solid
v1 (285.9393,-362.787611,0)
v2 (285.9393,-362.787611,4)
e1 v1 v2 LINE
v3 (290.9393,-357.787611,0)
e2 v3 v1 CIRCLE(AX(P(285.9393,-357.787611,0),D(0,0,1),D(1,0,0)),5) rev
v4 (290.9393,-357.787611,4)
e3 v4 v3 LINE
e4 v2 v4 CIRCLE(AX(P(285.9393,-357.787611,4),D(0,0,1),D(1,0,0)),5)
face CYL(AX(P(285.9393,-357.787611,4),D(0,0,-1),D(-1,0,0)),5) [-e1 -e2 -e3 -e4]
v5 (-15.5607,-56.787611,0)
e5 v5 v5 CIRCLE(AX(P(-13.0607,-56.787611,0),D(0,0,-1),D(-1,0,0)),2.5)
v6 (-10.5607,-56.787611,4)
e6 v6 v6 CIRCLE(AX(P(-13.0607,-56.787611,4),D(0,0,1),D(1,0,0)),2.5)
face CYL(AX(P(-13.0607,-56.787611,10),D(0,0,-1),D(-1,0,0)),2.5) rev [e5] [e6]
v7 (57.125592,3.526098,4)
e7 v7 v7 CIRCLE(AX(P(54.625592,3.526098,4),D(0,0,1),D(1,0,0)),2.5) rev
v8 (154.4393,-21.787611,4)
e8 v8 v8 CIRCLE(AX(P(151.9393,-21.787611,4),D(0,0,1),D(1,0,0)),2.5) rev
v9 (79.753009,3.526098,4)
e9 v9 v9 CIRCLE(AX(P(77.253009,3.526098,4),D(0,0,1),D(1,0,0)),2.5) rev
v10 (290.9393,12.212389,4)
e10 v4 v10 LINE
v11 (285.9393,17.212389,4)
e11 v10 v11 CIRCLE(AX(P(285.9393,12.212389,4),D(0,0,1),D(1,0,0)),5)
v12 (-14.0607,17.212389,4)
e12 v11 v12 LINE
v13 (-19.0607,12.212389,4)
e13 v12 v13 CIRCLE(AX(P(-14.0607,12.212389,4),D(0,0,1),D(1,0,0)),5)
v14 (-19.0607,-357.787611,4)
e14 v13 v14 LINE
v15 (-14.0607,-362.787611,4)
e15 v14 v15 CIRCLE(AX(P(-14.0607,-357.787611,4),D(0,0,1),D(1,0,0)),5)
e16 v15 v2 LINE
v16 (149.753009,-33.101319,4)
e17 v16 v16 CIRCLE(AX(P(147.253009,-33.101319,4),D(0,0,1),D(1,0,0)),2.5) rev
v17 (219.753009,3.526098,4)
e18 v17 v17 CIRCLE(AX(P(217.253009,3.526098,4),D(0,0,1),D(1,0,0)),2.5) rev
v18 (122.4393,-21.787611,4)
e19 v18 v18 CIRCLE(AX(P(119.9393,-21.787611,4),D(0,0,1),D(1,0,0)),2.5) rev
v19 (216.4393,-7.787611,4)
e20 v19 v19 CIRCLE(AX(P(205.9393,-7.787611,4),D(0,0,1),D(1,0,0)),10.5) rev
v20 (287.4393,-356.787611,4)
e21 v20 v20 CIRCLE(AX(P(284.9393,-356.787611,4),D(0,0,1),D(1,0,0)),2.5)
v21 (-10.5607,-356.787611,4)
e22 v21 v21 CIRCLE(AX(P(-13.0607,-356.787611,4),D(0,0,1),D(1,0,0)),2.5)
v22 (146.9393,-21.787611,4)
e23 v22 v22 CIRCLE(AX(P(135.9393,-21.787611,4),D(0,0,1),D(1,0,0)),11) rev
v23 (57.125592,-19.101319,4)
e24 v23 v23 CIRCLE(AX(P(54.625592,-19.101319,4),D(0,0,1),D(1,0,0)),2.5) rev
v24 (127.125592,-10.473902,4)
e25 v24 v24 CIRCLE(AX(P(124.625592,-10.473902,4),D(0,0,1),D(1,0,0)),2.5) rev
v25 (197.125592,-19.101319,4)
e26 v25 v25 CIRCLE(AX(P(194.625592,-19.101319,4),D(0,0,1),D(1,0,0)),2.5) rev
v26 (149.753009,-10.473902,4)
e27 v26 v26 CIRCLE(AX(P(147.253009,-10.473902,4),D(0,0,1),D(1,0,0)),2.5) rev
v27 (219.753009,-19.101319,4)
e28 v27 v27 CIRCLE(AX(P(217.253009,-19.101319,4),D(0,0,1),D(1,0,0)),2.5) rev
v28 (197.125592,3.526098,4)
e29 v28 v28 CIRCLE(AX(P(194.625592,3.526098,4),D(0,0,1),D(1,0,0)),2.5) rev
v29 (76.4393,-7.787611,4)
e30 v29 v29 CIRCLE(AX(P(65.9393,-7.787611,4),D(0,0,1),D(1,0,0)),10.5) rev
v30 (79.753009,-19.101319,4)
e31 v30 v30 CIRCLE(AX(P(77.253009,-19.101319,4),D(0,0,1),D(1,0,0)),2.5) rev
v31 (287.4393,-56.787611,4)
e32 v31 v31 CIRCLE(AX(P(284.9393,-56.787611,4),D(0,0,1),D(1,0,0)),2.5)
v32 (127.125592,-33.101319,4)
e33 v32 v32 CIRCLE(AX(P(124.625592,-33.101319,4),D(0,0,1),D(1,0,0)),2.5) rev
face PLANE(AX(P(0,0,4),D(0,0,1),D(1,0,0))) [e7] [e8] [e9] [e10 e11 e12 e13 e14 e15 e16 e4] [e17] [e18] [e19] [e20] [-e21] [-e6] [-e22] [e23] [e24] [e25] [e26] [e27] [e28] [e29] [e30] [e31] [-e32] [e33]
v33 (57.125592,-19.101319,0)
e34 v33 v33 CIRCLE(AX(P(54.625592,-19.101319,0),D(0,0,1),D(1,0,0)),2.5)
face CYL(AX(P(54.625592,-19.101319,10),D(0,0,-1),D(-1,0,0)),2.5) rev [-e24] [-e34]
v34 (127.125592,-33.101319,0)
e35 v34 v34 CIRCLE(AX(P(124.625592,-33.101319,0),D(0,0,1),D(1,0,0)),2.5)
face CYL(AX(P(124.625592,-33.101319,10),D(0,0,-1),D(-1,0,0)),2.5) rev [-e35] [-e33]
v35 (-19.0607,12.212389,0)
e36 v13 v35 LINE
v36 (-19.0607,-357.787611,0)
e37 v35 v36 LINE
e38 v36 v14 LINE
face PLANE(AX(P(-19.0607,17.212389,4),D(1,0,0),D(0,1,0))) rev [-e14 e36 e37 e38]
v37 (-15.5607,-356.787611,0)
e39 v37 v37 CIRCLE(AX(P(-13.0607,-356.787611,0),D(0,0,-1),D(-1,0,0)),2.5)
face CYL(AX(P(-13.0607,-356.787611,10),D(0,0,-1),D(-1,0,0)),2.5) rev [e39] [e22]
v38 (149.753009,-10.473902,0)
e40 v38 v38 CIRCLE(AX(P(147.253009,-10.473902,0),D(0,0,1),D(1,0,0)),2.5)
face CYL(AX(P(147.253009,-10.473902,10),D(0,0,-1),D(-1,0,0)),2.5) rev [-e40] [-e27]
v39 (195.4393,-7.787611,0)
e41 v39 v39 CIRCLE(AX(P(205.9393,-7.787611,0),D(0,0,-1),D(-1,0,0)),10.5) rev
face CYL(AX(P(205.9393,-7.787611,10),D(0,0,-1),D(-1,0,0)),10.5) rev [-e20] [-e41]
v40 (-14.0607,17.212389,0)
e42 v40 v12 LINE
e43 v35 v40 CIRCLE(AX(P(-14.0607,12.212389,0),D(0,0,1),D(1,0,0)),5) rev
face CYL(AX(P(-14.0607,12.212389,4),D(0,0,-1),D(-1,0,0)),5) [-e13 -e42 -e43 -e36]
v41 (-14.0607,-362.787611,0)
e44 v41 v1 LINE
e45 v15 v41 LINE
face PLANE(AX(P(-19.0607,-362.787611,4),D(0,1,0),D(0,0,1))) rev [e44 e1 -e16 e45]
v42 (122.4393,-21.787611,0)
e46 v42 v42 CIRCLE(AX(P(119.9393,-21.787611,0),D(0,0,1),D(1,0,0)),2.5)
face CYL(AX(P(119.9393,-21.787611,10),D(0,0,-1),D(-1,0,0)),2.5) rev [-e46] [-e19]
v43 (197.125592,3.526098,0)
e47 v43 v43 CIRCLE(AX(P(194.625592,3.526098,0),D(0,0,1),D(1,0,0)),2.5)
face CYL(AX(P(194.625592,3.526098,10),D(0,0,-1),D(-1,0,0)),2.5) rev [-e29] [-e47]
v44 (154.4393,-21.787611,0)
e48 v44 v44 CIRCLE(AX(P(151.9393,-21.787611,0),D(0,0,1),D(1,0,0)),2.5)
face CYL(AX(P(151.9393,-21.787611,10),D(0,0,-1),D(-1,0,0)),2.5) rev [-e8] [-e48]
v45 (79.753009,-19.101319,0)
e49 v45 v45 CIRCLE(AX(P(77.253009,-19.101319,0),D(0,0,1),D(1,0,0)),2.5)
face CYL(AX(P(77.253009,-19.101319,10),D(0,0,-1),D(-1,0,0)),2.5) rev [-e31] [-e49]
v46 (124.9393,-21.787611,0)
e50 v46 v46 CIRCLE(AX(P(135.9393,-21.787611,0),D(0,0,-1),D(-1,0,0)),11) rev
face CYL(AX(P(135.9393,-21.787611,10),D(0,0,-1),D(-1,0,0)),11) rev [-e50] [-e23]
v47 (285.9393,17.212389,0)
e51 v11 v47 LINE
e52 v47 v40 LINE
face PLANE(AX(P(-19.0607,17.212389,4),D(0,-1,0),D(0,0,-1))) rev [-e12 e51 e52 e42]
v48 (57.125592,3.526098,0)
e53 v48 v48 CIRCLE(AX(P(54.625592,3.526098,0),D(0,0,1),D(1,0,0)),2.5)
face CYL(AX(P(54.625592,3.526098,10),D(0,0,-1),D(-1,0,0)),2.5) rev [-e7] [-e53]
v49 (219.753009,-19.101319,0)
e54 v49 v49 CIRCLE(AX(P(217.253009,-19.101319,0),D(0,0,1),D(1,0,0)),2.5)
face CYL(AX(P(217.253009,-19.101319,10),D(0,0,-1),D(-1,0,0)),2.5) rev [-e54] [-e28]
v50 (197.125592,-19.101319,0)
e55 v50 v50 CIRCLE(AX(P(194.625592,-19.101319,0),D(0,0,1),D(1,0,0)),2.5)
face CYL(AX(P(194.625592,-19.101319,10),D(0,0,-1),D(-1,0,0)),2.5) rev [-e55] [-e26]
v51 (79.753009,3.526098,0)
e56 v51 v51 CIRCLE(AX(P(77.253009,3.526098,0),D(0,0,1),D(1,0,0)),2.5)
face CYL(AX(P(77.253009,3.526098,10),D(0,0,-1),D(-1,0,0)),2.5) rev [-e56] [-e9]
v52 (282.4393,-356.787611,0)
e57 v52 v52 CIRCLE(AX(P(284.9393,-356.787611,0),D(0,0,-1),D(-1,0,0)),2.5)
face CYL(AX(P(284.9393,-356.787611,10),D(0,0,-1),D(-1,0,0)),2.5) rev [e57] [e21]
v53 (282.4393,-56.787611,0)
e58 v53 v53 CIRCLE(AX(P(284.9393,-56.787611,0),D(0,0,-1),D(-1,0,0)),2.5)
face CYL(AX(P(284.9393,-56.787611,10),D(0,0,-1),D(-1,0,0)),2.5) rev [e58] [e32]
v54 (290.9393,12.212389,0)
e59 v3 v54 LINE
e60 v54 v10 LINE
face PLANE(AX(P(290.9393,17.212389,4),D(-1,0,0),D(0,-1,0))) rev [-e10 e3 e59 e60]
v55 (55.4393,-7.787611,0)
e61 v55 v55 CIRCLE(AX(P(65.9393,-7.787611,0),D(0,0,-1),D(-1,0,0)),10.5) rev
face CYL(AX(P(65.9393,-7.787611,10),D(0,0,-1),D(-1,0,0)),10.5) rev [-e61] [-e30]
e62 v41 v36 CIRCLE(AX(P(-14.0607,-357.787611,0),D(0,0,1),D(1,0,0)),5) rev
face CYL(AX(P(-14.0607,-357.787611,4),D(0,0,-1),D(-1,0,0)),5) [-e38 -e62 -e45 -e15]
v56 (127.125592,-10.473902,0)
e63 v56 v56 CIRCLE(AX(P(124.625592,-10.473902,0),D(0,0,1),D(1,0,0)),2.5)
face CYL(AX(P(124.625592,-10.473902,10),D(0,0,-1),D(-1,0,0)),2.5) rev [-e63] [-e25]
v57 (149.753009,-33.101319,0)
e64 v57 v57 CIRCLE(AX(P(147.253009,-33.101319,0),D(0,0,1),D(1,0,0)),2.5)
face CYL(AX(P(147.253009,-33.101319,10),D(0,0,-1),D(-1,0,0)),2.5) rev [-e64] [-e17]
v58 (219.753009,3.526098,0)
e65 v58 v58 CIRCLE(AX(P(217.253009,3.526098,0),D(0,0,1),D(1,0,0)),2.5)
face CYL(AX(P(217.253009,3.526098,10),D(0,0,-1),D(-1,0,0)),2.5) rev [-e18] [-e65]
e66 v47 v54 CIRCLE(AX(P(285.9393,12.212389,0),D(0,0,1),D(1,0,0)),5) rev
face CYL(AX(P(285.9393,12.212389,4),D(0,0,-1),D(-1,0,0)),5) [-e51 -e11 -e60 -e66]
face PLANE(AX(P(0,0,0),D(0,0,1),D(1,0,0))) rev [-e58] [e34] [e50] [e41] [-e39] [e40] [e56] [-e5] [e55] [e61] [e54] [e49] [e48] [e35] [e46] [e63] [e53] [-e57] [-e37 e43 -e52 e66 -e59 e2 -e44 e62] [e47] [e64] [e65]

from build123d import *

# Parameters (mm, degrees)
ESQUISSE1_W             = 310
ESQUISSE1_H             = 380
BOSS_EXTRU_1_DEPTH      = 4
CONG_1_R                = 5
ESQUISSE3_R             = 10.5
ESQUISSE3_R_2           = 11
ESQUISSE3_R_3           = 2.5
ENL_V_MAT_EXTRU_1_DEPTH = 10


with BuildPart() as part:
    # Esquisse1 → Boss.-Extru.1 (new body)
    with BuildSketch(Plane.XY):
        with Locations((135.939300038, -172.787610619)):
            Rectangle(ESQUISSE1_W, ESQUISSE1_H)
    extrude(amount=BOSS_EXTRU_1_DEPTH)

    # Congé1
    cong_1_edges = [part.edges().sort_by_distance(p)[0] for p in [
        (-19.060699962, 17.212389381, 2),
        (290.939300038, 17.212389381, 2),
        (290.939300038, -362.787610619, 2),
        (-19.060699962, -362.787610619, 2),
    ]]
    fillet(cong_1_edges, radius=CONG_1_R)

    # Esquisse3 → Enlèv. mat.-Extru.1 (cut)
    with BuildSketch(Plane(origin=(0, 0, 0), x_dir=(-1, 0, 0), z_dir=(0, 0, -1))):
        with Locations((-205.939300038, -7.787610619)):
            Circle(ESQUISSE3_R)
        with Locations((-135.939300038, -21.787610619)):
            Circle(ESQUISSE3_R_2)
        with Locations((-65.939300038, -7.787610619)):
            Circle(ESQUISSE3_R)
        with Locations(Location((-217.253008537, 3.52609788, 0), (0, 0, 180))):
            Circle(ESQUISSE3_R_3)
        with Locations(Location((-194.625591539, 3.52609788, 0), (0, 0, 180))):
            Circle(ESQUISSE3_R_3)
        with Locations(Location((-194.625591539, -19.101319118, 0), (0, 0, 180))):
            Circle(ESQUISSE3_R_3)
        with Locations(Location((-217.253008537, -19.101319118, 0), (0, 0, 180))):
            Circle(ESQUISSE3_R_3)
        with Locations(Location((-77.253008537, 3.52609788, 0), (0, 0, 180))):
            Circle(ESQUISSE3_R_3)
        with Locations(Location((-54.625591539, 3.52609788, 0), (0, 0, 180))):
            Circle(ESQUISSE3_R_3)
        with Locations(Location((-54.625591539, -19.101319118, 0), (0, 0, 180))):
            Circle(ESQUISSE3_R_3)
        with Locations(Location((-77.253008537, -19.101319118, 0), (0, 0, 180))):
            Circle(ESQUISSE3_R_3)
        with Locations(Location((-119.939300038, -21.787610619, 0), (0, 0, 180))):
            Circle(ESQUISSE3_R_3)
        with Locations(Location((-124.625591539, -10.47390212, 0), (0, 0, 180))):
            Circle(ESQUISSE3_R_3)
        with Locations(Location((-124.625591539, -33.101319118, 0), (0, 0, 180))):
            Circle(ESQUISSE3_R_3)
        with Locations(Location((-147.253008537, -33.101319118, 0), (0, 0, 180))):
            Circle(ESQUISSE3_R_3)
        with Locations(Location((-151.939300038, -21.787610619, 0), (0, 0, 180))):
            Circle(ESQUISSE3_R_3)
        with Locations(Location((-147.253008537, -10.47390212, 0), (0, 0, 180))):
            Circle(ESQUISSE3_R_3)
        with Locations((13.060699962, -56.787610619)):
            Circle(ESQUISSE3_R_3)
        with Locations((13.060699962, -356.787610619)):
            Circle(ESQUISSE3_R_3)
        with Locations((-284.939300038, -356.787610619)):
            Circle(ESQUISSE3_R_3)
        with Locations((-284.939300038, -56.787610619)):
            Circle(ESQUISSE3_R_3)
    extrude(amount=-ENL_V_MAT_EXTRU_1_DEPTH, mode=Mode.SUBTRACT)


solid = part.part
